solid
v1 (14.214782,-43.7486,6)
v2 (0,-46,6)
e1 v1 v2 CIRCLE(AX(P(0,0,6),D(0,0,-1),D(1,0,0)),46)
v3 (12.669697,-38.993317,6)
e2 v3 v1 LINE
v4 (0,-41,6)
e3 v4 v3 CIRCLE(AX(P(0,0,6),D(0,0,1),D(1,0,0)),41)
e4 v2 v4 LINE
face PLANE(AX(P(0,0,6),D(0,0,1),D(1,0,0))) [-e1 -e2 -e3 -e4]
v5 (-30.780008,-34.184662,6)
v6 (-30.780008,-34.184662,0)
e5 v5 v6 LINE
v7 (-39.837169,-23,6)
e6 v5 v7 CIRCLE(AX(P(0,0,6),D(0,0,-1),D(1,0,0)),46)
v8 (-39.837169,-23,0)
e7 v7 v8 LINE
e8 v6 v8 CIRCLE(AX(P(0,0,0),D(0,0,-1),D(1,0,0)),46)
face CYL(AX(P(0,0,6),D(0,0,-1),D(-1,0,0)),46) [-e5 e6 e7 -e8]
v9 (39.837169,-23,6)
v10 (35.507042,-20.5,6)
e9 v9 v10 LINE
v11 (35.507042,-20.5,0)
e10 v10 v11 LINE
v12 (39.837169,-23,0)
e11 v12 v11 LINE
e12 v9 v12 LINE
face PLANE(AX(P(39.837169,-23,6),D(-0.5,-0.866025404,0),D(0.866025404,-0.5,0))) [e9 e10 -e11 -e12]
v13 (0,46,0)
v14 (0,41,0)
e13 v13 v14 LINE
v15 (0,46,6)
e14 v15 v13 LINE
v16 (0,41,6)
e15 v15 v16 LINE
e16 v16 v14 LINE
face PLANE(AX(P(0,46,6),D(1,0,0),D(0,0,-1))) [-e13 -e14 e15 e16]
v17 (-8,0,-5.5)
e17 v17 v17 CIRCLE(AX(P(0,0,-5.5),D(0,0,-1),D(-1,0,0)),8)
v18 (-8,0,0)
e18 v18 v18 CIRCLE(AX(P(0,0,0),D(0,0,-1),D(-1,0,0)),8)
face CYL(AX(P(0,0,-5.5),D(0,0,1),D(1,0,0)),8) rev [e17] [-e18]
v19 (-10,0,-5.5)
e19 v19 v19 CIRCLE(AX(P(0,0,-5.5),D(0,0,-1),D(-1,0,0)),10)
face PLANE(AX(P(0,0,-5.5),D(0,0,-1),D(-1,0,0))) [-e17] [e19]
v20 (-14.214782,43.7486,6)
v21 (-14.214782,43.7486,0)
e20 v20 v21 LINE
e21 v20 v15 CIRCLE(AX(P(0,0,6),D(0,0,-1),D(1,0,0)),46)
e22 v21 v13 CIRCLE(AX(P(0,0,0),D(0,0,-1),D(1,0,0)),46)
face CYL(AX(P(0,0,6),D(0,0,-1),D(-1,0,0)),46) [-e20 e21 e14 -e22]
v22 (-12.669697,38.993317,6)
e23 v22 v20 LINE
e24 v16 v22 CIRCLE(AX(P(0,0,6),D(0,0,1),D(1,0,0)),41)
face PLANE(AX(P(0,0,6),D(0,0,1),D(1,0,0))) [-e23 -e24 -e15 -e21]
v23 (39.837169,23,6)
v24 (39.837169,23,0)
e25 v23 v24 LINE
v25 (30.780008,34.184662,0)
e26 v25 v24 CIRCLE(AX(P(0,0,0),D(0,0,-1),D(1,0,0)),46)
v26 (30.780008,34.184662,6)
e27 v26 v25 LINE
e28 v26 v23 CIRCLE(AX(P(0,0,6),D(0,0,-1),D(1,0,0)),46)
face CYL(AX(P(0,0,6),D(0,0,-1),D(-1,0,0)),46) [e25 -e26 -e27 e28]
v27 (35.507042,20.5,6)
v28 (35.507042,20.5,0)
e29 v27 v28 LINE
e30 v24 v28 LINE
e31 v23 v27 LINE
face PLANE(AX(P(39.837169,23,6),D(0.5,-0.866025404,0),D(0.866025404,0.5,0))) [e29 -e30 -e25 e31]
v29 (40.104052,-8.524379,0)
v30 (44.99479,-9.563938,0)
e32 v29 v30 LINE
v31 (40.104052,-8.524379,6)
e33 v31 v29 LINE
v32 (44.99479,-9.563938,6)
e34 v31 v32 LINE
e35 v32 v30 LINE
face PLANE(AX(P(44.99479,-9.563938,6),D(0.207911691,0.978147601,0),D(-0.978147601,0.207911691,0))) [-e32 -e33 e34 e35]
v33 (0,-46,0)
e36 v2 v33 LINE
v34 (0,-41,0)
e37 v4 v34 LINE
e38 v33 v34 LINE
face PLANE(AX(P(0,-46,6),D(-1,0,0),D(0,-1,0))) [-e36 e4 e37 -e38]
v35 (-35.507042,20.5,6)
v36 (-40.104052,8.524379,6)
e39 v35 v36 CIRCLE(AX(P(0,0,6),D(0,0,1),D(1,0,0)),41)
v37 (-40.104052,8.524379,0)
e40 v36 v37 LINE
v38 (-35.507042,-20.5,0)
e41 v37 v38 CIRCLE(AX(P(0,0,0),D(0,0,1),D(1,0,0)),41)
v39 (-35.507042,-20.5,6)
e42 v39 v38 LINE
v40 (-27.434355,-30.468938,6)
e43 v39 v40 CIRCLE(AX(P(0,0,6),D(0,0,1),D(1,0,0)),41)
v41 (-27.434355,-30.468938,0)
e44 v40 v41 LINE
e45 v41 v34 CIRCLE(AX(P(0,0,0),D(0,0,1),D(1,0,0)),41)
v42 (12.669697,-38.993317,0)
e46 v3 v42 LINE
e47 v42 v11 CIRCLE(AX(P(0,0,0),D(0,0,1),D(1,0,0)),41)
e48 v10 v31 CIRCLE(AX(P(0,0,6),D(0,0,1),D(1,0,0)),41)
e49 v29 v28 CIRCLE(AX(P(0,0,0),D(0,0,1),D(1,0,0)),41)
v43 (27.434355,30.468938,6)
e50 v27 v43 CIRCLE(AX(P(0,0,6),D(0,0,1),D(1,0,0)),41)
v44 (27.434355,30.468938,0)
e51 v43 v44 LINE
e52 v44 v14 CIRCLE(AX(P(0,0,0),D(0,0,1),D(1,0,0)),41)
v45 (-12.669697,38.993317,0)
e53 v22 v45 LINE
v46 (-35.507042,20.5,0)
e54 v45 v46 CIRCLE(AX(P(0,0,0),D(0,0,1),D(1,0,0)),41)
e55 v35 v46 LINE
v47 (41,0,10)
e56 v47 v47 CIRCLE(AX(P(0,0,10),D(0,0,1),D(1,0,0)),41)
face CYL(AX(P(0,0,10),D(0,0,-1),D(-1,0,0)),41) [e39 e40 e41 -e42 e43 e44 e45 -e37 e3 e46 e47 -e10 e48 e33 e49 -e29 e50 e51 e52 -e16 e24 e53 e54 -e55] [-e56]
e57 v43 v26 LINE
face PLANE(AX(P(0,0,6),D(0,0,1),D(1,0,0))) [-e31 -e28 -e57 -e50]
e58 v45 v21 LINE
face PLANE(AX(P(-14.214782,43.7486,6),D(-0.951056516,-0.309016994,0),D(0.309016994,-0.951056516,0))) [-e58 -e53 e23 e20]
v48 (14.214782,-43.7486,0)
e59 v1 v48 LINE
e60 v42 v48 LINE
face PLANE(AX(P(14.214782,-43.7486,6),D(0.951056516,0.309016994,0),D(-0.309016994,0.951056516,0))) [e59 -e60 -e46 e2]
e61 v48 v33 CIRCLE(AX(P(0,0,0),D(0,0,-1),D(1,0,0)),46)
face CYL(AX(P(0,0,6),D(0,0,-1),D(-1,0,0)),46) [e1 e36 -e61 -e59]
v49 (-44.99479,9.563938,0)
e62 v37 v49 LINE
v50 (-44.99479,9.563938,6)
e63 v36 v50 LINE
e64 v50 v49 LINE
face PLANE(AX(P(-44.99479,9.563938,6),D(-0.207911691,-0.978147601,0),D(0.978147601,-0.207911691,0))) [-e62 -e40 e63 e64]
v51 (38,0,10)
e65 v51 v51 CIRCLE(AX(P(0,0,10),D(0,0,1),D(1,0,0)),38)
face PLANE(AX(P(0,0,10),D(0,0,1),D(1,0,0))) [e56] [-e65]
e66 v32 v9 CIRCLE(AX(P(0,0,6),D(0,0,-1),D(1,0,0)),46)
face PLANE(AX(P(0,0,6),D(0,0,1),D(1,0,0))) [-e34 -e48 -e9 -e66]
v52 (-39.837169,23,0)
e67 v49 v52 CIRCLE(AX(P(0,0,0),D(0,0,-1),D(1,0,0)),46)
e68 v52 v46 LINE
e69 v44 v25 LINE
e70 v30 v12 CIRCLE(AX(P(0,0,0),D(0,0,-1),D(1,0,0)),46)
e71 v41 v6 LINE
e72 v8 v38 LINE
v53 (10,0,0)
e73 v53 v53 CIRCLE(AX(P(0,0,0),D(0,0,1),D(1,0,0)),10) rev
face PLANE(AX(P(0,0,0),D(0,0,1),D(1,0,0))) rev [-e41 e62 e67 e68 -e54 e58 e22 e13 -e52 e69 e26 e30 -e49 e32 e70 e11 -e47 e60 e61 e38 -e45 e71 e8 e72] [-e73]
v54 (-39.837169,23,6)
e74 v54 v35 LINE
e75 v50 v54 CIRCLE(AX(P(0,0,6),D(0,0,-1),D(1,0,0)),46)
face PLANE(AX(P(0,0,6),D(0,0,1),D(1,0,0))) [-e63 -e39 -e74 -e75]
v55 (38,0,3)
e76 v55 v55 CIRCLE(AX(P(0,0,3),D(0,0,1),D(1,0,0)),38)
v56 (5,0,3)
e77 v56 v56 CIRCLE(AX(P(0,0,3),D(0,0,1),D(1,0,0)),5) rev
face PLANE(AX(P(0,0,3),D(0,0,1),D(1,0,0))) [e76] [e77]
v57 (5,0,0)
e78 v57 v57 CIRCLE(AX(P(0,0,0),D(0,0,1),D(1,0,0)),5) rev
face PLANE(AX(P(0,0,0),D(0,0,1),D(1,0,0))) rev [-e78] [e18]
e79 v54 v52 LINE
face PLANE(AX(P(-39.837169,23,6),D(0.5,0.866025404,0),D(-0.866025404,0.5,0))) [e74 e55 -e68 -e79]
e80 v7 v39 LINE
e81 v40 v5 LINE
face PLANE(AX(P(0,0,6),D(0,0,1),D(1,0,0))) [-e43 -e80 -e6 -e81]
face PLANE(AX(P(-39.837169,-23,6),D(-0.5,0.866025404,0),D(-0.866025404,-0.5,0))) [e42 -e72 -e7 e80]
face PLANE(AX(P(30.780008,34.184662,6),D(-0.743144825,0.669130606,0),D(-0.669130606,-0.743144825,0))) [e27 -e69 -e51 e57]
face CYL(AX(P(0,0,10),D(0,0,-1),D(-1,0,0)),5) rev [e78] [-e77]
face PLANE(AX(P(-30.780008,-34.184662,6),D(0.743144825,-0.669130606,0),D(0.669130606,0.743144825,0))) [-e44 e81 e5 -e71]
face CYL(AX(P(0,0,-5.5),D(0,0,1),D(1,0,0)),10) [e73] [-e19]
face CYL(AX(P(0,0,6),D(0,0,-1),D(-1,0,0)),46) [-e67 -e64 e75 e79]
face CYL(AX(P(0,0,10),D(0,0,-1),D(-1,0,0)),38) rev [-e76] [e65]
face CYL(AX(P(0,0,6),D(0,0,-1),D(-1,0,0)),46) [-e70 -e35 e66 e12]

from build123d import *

# Parameters (mm, degrees)
SKETCH1_R               = 41
BOSS_EXTRUDE2_DEPTH     = 10
SHELL2_T                = -3
CUT_EXTRUDE1_DEPTH      = 59.838762733
CUT_EXTRUDE1_DEPTH_BACK = 59.838762733
SKETCH1_4_R             = 5
SKETCH3_R               = 10
SKETCH3_R_2             = 8
BOSS_EXTRUDE4_DEPTH     = 5.5
BOSS_EXTRUDE5_DEPTH     = 6


with BuildPart() as part:
    # Sketch1 → Boss-Extrude2 (new body)
    with BuildSketch(Plane.XY):
        Circle(SKETCH1_R)
    extrude(amount=BOSS_EXTRUDE2_DEPTH)

    # Shell2
    shell2_openings = [part.faces().sort_by_distance(p)[0] for p in [
        (0, 0, 10),
    ]]
    offset(amount=SHELL2_T, openings=shell2_openings, kind=Kind.INTERSECTION)

    # Sketch1<4> → Cut-Extrude1 (cut, two sides: drawn at the far end of the back side and taken through both)
    with BuildSketch(Plane.XY.offset(-CUT_EXTRUDE1_DEPTH_BACK)):
        Circle(SKETCH1_4_R)
    extrude(amount=CUT_EXTRUDE1_DEPTH + CUT_EXTRUDE1_DEPTH_BACK, mode=Mode.SUBTRACT)

    # Sketch3 → Boss-Extrude4 (add)
    with BuildSketch(Plane(origin=(0, 0, 0), x_dir=(-1, 0, 0), z_dir=(0, 0, -1))):
        Circle(SKETCH3_R)
        Circle(SKETCH3_R_2, mode=Mode.SUBTRACT)
    extrude(amount=BOSS_EXTRUDE4_DEPTH)

    # Sketch4 → Boss-Extrude5 (add)
    with BuildSketch(Plane(origin=(0, 0, 0), x_dir=(-1, 0, 0), z_dir=(0, 0, -1))):
        with BuildLine():
            Line((0, 46), (0, 41))
            ThreePointArc((0, 41), (6.413813067, 40.495221964), (12.669696769, 38.993317168))
            Line((12.669696769, 38.993317168), (14.214781741, 43.74859975))
            ThreePointArc((14.214781741, 43.74859975), (7.195985392, 45.433663667), (0, 46))
        make_face()
        with BuildLine():
            Line((39.837168574, 23), (35.507041555, 20.5))
            ThreePointArc((35.507041555, 20.5), (38.276797486, 14.693085931), (40.10405163, 8.524379324))
            Line((40.10405163, 8.524379324), (44.994789634, 9.563937778))
            ThreePointArc((44.994789634, 9.563937778), (42.944699619, 16.484925679), (39.837168574, 23))
        make_face()
        with BuildLine():
            Line((39.837168574, -23), (35.507041555, -20.5))
            ThreePointArc((35.507041555, -20.5), (31.86298442, -25.802136033), (27.434354861, -30.468937845))
            Line((27.434354861, -30.468937845), (30.780007893, -34.184661972))
            ThreePointArc((30.780007893, -34.184661972), (35.748714227, -28.948737988), (39.837168574, -23))
        make_face()
        with BuildLine():
            Line((0, -46), (0, -41))
            ThreePointArc((0, -41), (-6.413813067, -40.495221964), (-12.669696769, -38.993317168))
            Line((-12.669696769, -38.993317168), (-14.214781741, -43.74859975))
            ThreePointArc((-14.214781741, -43.74859975), (-7.195985392, -45.433663667), (0, -46))
        make_face()
        with BuildLine():
            Line((-39.837168574, -23), (-35.507041555, -20.5))
            ThreePointArc((-35.507041555, -20.5), (-38.276797486, -14.693085931), (-40.10405163, -8.524379324))
            Line((-40.10405163, -8.524379324), (-44.994789634, -9.563937778))
            ThreePointArc((-44.994789634, -9.563937778), (-42.944699619, -16.484925679), (-39.837168574, -23))
        make_face()
        with BuildLine():
            Line((-39.837168574, 23), (-35.507041555, 20.5))
            ThreePointArc((-35.507041555, 20.5), (-31.86298442, 25.802136033), (-27.434354861, 30.468937845))
            Line((-27.434354861, 30.468937845), (-30.780007893, 34.184661972))
            ThreePointArc((-30.780007893, 34.184661972), (-35.748714227, 28.948737988), (-39.837168574, 23))
        make_face()
    extrude(amount=-BOSS_EXTRUDE5_DEPTH)


solid = part.part
